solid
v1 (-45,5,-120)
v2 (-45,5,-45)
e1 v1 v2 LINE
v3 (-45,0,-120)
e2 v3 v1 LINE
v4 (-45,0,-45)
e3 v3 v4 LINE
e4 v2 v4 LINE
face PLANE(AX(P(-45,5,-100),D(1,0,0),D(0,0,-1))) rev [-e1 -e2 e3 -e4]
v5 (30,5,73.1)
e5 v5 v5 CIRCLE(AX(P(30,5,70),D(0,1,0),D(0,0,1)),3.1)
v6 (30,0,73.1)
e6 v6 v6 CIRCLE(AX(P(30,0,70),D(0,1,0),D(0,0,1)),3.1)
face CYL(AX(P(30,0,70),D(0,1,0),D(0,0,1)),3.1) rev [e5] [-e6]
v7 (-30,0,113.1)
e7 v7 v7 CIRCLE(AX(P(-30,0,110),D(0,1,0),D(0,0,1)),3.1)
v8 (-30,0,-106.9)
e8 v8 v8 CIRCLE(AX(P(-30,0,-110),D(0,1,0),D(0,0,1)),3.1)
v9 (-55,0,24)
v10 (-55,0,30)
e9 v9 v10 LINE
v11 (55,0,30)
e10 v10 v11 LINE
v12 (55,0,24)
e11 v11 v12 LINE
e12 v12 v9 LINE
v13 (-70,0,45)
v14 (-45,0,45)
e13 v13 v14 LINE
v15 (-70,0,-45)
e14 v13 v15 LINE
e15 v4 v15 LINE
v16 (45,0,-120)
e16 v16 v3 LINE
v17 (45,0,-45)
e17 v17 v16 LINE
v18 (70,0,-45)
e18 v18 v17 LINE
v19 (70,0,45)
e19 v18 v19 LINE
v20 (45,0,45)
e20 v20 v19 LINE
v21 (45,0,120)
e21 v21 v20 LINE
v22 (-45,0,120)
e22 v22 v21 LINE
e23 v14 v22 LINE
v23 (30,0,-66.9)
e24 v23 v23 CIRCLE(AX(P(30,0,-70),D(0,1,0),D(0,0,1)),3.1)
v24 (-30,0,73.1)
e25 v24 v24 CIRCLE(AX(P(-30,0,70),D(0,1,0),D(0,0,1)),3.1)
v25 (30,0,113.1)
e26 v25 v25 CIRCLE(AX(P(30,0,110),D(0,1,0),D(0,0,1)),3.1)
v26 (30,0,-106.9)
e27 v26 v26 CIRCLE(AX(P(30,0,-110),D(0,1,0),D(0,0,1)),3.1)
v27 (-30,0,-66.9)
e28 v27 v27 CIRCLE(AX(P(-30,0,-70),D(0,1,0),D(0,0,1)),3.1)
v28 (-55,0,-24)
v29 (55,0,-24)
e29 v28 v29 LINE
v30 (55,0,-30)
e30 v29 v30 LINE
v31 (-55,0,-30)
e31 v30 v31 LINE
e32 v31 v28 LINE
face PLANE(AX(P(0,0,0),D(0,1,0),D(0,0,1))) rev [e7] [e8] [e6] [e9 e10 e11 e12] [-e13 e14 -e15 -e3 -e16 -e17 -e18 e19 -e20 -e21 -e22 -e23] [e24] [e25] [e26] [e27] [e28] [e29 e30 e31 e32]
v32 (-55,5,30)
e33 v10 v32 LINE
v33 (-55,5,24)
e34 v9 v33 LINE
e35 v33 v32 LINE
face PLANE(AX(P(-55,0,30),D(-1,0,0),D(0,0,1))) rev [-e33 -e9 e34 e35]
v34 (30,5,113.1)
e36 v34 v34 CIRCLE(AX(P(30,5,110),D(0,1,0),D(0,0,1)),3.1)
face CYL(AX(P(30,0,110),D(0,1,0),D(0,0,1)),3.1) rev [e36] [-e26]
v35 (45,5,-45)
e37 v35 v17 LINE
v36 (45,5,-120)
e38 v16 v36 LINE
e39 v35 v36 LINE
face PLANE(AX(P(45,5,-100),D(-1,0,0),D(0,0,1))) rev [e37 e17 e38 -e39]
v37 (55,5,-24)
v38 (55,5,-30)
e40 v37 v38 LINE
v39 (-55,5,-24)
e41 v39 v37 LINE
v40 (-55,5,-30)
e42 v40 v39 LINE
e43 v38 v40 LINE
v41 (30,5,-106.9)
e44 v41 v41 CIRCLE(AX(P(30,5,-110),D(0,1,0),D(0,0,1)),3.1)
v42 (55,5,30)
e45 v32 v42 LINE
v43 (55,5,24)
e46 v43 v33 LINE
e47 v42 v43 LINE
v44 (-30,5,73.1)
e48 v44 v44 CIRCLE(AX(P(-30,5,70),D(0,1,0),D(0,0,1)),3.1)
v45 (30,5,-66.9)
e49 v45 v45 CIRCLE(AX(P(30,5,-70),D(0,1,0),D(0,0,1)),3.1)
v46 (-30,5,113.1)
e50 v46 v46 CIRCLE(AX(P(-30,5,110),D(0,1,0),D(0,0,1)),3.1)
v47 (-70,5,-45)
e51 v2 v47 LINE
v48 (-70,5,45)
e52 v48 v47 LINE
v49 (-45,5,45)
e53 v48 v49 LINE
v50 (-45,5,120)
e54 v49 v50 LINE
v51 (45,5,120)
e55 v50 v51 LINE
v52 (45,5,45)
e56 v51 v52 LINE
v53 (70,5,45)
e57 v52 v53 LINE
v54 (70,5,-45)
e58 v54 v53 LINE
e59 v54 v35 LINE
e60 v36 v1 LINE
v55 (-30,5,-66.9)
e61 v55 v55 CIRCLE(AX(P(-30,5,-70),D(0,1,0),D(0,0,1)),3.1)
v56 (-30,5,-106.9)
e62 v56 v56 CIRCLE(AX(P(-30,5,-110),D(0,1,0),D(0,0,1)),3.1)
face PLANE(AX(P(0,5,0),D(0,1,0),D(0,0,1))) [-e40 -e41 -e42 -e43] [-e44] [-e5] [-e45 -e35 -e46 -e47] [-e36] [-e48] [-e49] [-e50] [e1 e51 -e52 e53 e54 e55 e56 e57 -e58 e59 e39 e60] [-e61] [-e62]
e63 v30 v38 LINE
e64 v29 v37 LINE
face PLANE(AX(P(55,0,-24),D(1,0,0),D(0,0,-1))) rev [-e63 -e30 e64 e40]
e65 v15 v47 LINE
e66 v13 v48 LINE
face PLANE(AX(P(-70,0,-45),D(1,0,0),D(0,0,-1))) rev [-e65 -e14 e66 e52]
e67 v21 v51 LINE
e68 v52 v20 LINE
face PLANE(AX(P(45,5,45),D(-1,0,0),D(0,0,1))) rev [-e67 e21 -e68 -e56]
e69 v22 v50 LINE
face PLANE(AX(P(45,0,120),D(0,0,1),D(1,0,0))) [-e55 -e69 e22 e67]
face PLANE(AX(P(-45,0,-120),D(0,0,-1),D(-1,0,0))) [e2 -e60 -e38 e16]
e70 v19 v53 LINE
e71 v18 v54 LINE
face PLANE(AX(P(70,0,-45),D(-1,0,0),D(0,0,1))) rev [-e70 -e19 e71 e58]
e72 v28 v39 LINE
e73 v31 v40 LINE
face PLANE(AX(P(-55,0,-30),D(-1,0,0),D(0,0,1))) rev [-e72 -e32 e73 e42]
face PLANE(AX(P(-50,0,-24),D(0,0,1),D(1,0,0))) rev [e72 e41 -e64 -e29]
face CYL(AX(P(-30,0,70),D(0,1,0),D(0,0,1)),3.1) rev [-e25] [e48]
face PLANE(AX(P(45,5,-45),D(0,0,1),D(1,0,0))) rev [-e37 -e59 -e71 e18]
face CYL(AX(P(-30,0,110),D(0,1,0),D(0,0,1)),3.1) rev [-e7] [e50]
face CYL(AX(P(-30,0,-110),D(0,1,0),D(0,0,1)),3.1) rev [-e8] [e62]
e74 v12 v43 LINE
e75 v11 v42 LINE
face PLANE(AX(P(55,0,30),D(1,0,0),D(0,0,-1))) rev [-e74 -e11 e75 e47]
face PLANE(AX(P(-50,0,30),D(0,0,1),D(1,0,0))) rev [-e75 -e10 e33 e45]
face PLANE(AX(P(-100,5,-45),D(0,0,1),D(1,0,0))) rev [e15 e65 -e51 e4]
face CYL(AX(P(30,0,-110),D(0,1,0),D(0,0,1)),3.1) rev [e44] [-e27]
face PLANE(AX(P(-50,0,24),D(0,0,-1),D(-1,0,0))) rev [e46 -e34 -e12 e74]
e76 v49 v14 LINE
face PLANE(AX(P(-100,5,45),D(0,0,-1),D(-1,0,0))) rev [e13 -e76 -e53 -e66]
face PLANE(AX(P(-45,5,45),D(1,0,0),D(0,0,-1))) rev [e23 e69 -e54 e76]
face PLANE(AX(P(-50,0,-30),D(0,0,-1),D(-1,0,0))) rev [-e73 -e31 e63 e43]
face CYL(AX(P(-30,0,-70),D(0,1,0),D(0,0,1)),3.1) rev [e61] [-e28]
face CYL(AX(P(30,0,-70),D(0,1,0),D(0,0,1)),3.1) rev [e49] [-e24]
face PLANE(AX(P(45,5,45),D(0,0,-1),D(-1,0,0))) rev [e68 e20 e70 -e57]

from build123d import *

# Parameters (mm, degrees)
EXTRUDE_1_DEPTH      = 5
SKETCH_3_W           = 30
SKETCH_3_H           = 90
CUT_EXTRUDE_2_DEPTH  = 5
SKETCH_5_W           = 30
SKETCH_5_H           = 90
CUT_EXTRUDE_3_DEPTH  = 5
SKETCH_7_W           = 90
SKETCH_7_H           = 20
EXTRUDE_2_DEPTH      = 5
SKETCH_9_W           = 90
SKETCH_9_H           = 20
EXTRUDE_3_DEPTH      = 5
SKETCH_10_R          = 3.1
CUT_EXTRUDE_4_DEPTH  = 5
SKETCH_11_R          = 3.1
CUT_EXTRUDE_5_DEPTH  = 5
SKETCH_12_R          = 3.1
CUT_EXTRUDE_7_DEPTH  = 5
SKETCH_13_R          = 3.1
CUT_EXTRUDE_8_DEPTH  = 5
SKETCH_14_W          = 100
SKETCH_14_H          = 6
CUT_EXTRUDE_9_DEPTH  = 5
SKETCH_15_W          = 100
SKETCH_15_H          = 6
CUT_EXTRUDE_10_DEPTH = 5
SKETCH_16_W          = 5
SKETCH_16_H          = 6
CUT_EXTRUDE_11_DEPTH = 5
SKETCH_17_W          = 5
SKETCH_17_H          = 6
CUT_EXTRUDE_12_DEPTH = 5
SKETCH_18_W          = 5
SKETCH_18_H          = 6
CUT_EXTRUDE_13_DEPTH = 5
SKETCH_19_W          = 5
SKETCH_19_H          = 6
CUT_EXTRUDE_14_DEPTH = 5


with BuildPart() as part:
    # 草图1 → 凸台-拉伸1 (new body)
    with BuildSketch(Plane(origin=(0, 0, 0), x_dir=(1, 0, 0), z_dir=(0, 1, 0))):
        Polygon((45, 45), (100, 45), (100, -45), (45, -45), (45, -100), (-45, -100), (-45, -45), (-100, -45), (-100, 45), (-45, 45), (-45, 100), (45, 100), align=None)
    extrude(amount=EXTRUDE_1_DEPTH)

    # 草图3 → 切除-拉伸2 (cut)
    with BuildSketch(Plane(origin=(0, 5, 0), x_dir=(1, 0, 0), z_dir=(0, 1, 0))):
        with Locations((-85, 0)):
            Rectangle(SKETCH_3_W, SKETCH_3_H)
    extrude(amount=-CUT_EXTRUDE_2_DEPTH, mode=Mode.SUBTRACT)

    # 草图5 → 切除-拉伸3 (cut)
    with BuildSketch(Plane(origin=(0, 5, 0), x_dir=(1, 0, 0), z_dir=(0, 1, 0))):
        with Locations((85, 0)):
            Rectangle(SKETCH_5_W, SKETCH_5_H)
    extrude(amount=-CUT_EXTRUDE_3_DEPTH, mode=Mode.SUBTRACT)

    # 草图7 → 凸台-拉伸2 (add)
    with BuildSketch(Plane(origin=(0, 5, 0), x_dir=(1, 0, 0), z_dir=(0, 1, 0))):
        with Locations((0, 110)):
            Rectangle(SKETCH_7_W, SKETCH_7_H)
    extrude(amount=-EXTRUDE_2_DEPTH)

    # 草图9 → 凸台-拉伸3 (add)
    with BuildSketch(Plane(origin=(0, 5, 0), x_dir=(1, 0, 0), z_dir=(0, 1, 0))):
        with Locations((0, -110)):
            Rectangle(SKETCH_9_W, SKETCH_9_H)
    extrude(amount=-EXTRUDE_3_DEPTH)

    # 草图10 → 切除-拉伸4 (cut)
    with BuildSketch(Plane(origin=(0, 5, 0), x_dir=(1, 0, 0), z_dir=(0, 1, 0))):
        with Locations(Location((-30, 110, 0), (0, 0, 270))):
            Circle(SKETCH_10_R)
        with Locations(Location((-30, 70, 0), (0, 0, 270))):
            Circle(SKETCH_10_R)
    extrude(amount=-CUT_EXTRUDE_4_DEPTH, mode=Mode.SUBTRACT)

    # 草图11 → 切除-拉伸5 (cut)
    with BuildSketch(Plane(origin=(0, 5, 0), x_dir=(1, 0, 0), z_dir=(0, 1, 0))):
        with Locations(Location((30, 110, 0), (0, 0, 270))):
            Circle(SKETCH_11_R)
        with Locations(Location((30, 70, 0), (0, 0, 270))):
            Circle(SKETCH_11_R)
    extrude(amount=-CUT_EXTRUDE_5_DEPTH, mode=Mode.SUBTRACT)

    # 草图12 → 切除-拉伸7 (cut)
    with BuildSketch(Plane(origin=(0, 5, 0), x_dir=(1, 0, 0), z_dir=(0, 1, 0))):
        with Locations(Location((-30, -110, 0), (0, 0, 270))):
            Circle(SKETCH_12_R)
        with Locations(Location((-30, -70, 0), (0, 0, 270))):
            Circle(SKETCH_12_R)
    extrude(amount=-CUT_EXTRUDE_7_DEPTH, mode=Mode.SUBTRACT)

    # 草图13 → 切除-拉伸8 (cut)
    with BuildSketch(Plane(origin=(0, 5, 0), x_dir=(1, 0, 0), z_dir=(0, 1, 0))):
        with Locations(Location((30, -110, 0), (0, 0, 270))):
            Circle(SKETCH_13_R)
        with Locations(Location((30, -70, 0), (0, 0, 270))):
            Circle(SKETCH_13_R)
    extrude(amount=-CUT_EXTRUDE_8_DEPTH, mode=Mode.SUBTRACT)

    # 草图14 → 切除-拉伸9 (cut)
    with BuildSketch(Plane(origin=(0, 5, 0), x_dir=(1, 0, 0), z_dir=(0, 1, 0))):
        with Locations((0, 27)):
            Rectangle(SKETCH_14_W, SKETCH_14_H)
    extrude(amount=-CUT_EXTRUDE_9_DEPTH, mode=Mode.SUBTRACT)

    # 草图15 → 切除-拉伸10 (cut)
    with BuildSketch(Plane(origin=(0, 5, 0), x_dir=(1, 0, 0), z_dir=(0, 1, 0))):
        with Locations((0, -27)):
            Rectangle(SKETCH_15_W, SKETCH_15_H)
    extrude(amount=-CUT_EXTRUDE_10_DEPTH, mode=Mode.SUBTRACT)

    # 草图16 → 切除-拉伸11 (cut)
    with BuildSketch(Plane(origin=(0, 5, 0), x_dir=(1, 0, 0), z_dir=(0, 1, 0))):
        with Locations((52.5, 27)):
            Rectangle(SKETCH_16_W, SKETCH_16_H)
    extrude(amount=-CUT_EXTRUDE_11_DEPTH, mode=Mode.SUBTRACT)

    # 草图17 → 切除-拉伸12 (cut)
    with BuildSketch(Plane(origin=(0, 5, 0), x_dir=(1, 0, 0), z_dir=(0, 1, 0))):
        with Locations((52.5, -27)):
            Rectangle(SKETCH_17_W, SKETCH_17_H)
    extrude(amount=-CUT_EXTRUDE_12_DEPTH, mode=Mode.SUBTRACT)

    # 草图18 → 切除-拉伸13 (cut)
    with BuildSketch(Plane(origin=(0, 5, 0), x_dir=(1, 0, 0), z_dir=(0, 1, 0))):
        with Locations((-52.5, 27)):
            Rectangle(SKETCH_18_W, SKETCH_18_H)
    extrude(amount=-CUT_EXTRUDE_13_DEPTH, mode=Mode.SUBTRACT)

    # 草图19 → 切除-拉伸14 (cut)
    with BuildSketch(Plane(origin=(0, 5, 0), x_dir=(1, 0, 0), z_dir=(0, 1, 0))):
        with Locations((-52.5, -27)):
            Rectangle(SKETCH_19_W, SKETCH_19_H)
    extrude(amount=-CUT_EXTRUDE_14_DEPTH, mode=Mode.SUBTRACT)


solid = part.part
